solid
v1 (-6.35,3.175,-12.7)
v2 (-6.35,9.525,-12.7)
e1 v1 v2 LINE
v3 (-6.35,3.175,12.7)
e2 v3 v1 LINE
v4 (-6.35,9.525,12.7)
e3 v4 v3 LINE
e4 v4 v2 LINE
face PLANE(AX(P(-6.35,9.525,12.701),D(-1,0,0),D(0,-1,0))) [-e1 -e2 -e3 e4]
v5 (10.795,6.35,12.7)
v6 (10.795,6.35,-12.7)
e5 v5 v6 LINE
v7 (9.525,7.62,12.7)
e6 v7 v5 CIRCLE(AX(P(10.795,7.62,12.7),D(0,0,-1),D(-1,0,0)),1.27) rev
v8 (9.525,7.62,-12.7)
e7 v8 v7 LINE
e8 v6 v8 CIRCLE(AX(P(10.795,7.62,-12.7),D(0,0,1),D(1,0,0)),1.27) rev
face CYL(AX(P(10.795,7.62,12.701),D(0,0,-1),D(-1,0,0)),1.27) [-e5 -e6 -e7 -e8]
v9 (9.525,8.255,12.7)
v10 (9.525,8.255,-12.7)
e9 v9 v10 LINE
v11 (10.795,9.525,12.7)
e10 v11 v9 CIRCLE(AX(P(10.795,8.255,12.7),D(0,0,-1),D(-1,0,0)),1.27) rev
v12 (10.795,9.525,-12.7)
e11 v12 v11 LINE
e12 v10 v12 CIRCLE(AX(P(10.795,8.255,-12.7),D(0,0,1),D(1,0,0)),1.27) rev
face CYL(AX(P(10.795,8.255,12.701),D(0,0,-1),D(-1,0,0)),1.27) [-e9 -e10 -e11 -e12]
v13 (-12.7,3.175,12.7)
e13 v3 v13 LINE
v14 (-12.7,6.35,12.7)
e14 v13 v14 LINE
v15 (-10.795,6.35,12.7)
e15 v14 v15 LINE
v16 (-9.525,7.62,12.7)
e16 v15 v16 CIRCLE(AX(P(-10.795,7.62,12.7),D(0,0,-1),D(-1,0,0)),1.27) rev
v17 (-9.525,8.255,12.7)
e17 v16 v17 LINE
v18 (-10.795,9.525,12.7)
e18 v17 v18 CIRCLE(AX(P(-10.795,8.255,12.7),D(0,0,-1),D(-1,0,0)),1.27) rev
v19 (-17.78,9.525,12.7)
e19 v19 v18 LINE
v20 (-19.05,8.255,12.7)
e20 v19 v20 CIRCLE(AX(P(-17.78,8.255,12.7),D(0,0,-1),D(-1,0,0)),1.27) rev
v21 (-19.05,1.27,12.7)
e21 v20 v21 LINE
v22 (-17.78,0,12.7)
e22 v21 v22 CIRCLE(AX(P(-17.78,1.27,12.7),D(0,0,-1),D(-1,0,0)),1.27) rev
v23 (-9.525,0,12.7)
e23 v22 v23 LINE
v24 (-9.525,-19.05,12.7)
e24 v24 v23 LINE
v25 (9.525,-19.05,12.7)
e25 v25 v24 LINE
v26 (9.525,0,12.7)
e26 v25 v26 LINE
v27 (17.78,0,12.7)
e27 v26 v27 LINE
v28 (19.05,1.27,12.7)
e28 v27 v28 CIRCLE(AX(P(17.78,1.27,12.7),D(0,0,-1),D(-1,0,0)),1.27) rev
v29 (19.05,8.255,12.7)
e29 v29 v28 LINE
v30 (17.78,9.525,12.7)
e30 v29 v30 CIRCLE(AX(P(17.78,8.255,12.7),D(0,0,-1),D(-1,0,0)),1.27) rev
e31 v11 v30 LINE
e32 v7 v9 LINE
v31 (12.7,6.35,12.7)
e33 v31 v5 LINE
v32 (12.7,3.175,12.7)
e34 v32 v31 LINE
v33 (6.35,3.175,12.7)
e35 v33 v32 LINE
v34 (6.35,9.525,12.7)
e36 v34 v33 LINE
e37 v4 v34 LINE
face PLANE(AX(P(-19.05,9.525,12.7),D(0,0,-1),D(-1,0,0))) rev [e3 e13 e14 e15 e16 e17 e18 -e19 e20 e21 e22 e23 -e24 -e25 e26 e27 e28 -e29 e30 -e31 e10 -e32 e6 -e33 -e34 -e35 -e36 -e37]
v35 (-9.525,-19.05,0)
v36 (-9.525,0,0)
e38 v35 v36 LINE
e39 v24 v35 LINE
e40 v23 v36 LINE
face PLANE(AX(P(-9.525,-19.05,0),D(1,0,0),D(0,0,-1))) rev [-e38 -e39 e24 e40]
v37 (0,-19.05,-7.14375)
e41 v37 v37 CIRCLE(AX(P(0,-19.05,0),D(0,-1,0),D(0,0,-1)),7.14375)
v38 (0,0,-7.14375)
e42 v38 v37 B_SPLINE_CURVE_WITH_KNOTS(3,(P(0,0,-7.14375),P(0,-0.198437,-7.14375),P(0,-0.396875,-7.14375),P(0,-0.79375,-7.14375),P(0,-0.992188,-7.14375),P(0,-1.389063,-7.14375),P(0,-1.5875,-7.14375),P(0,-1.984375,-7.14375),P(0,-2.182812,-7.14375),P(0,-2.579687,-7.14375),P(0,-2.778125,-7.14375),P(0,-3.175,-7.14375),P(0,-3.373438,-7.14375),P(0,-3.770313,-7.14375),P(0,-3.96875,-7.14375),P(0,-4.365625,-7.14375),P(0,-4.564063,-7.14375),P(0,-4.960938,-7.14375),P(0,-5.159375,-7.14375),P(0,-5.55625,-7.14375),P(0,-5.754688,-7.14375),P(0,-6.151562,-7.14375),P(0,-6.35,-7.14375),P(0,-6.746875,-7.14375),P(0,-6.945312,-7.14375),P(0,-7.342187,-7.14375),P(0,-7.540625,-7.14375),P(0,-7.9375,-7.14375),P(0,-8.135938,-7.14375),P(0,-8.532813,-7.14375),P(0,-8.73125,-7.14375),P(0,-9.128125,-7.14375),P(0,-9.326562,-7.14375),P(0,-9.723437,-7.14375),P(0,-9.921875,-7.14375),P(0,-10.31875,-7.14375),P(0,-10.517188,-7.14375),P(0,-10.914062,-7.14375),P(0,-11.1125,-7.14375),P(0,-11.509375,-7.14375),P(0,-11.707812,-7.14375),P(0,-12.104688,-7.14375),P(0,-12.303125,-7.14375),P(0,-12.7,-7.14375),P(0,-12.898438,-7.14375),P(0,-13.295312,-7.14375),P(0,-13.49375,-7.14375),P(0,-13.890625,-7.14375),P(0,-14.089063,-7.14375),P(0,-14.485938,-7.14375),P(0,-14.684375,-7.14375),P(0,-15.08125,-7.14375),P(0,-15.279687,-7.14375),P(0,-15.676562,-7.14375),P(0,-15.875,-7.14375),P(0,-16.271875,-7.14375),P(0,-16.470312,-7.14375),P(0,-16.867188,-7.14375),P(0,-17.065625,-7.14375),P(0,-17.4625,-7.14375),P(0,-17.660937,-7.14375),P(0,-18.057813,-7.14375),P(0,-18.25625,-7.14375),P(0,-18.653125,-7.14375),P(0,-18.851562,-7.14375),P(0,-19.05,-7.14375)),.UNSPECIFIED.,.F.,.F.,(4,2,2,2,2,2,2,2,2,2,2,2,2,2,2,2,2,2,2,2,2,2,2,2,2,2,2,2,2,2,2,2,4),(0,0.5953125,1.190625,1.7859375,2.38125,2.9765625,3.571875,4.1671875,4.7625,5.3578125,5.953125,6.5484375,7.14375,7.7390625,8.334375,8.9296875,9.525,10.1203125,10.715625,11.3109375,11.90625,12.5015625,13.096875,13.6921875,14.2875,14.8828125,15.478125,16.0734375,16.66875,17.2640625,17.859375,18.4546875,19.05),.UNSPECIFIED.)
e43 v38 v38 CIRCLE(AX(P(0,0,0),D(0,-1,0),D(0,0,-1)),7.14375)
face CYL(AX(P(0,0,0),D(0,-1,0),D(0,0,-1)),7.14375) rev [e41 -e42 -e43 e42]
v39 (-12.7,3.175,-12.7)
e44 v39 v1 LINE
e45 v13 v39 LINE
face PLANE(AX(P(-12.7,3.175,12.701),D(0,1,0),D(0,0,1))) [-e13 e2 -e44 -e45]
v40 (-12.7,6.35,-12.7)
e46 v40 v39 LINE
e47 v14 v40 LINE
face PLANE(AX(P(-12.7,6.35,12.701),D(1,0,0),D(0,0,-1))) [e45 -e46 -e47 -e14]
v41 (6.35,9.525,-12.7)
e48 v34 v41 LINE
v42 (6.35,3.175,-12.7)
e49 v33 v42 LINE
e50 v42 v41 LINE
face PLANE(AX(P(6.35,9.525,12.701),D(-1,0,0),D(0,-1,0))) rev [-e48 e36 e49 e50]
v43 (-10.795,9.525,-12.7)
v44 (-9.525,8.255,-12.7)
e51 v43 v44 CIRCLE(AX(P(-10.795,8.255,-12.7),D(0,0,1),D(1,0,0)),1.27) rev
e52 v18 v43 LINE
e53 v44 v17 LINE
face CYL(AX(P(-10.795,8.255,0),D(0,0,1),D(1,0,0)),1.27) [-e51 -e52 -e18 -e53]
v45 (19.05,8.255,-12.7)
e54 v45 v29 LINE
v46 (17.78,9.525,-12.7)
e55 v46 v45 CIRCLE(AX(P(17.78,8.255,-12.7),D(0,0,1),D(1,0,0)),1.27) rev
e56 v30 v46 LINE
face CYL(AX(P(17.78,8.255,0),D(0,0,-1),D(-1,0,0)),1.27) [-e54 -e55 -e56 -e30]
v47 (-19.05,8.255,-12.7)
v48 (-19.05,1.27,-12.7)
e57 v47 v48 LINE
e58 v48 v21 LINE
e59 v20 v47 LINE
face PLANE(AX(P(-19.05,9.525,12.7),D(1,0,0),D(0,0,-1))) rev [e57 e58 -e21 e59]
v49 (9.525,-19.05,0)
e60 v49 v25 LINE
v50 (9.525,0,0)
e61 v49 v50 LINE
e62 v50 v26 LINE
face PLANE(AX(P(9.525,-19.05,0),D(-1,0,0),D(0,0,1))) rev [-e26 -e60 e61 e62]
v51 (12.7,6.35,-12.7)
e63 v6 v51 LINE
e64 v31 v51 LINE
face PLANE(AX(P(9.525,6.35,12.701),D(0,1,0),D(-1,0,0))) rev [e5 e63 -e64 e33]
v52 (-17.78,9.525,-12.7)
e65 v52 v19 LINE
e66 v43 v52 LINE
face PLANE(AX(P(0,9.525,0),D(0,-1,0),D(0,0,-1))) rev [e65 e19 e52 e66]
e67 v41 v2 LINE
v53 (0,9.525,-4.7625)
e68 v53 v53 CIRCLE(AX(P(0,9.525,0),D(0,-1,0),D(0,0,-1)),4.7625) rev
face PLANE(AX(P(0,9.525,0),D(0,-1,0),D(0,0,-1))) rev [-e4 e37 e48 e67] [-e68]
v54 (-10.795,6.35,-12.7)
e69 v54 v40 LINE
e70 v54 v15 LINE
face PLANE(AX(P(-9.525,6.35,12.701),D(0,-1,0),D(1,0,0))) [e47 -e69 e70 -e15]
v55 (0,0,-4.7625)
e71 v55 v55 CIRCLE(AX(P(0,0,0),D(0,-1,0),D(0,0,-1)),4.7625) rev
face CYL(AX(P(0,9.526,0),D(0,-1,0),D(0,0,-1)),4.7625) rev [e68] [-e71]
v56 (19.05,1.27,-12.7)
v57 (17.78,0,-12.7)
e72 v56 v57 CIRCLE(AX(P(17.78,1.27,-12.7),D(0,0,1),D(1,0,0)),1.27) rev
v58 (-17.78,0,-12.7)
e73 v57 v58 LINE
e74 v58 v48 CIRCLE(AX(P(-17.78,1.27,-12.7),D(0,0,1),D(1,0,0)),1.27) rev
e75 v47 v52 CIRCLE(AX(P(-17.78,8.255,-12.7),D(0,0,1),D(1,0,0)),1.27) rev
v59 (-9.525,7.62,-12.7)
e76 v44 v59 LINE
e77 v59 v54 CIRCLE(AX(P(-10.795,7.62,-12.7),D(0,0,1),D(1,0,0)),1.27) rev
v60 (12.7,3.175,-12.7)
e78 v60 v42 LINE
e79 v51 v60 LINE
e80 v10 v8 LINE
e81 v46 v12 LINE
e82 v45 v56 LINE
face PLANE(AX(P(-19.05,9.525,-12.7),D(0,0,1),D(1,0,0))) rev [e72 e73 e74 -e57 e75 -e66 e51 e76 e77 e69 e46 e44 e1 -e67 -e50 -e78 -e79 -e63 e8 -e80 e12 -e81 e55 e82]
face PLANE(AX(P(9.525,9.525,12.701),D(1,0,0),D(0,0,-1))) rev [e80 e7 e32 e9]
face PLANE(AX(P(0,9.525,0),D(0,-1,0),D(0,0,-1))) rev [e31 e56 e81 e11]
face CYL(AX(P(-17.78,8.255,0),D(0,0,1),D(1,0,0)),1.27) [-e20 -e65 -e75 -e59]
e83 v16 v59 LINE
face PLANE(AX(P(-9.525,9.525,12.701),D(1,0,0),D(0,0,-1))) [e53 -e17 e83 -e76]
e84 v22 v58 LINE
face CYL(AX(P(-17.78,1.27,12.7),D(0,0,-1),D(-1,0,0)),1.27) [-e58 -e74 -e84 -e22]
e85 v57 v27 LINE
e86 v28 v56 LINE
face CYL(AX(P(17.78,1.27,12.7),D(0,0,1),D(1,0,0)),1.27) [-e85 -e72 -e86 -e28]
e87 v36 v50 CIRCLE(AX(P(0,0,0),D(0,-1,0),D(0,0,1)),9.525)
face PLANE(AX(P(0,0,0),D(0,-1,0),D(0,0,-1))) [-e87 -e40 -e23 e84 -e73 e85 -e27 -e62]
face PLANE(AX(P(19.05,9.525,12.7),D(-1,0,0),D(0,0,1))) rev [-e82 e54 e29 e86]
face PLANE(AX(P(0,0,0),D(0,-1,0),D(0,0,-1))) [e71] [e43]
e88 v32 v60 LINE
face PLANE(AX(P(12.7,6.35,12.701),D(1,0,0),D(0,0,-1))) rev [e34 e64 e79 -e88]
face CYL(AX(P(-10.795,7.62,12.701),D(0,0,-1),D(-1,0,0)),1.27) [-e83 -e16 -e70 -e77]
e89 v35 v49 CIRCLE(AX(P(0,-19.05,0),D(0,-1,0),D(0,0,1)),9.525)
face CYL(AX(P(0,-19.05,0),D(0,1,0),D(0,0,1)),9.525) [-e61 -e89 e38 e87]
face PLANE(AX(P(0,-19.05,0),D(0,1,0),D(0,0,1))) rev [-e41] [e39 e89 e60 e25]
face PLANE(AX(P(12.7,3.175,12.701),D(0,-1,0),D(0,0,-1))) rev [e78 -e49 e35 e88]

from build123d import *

# Parameters (mm, degrees)
SKETCH1_W           = 38.1
SKETCH1_H           = 25.4
BOSS_EXTRUDE1_DEPTH = 9.525
CUT_EXTRUDE1_REACH  = 35.148
BOSS_EXTRUDE2_DEPTH = 19.05
CUT_EXTRUDE3_REACH  = 38.616
SKETCH5_R           = 4.7625
SKETCH4_R           = 7.14375
CUT_EXTRUDE2_DEPTH  = 19.05
FILLET2_R           = 1.27


with BuildPart() as part:
    # Sketch1 → Boss-Extrude1 (new body)
    with BuildSketch(Plane(origin=(0, 0, 0), x_dir=(1, 0, 0), z_dir=(0, 1, 0))):
        Rectangle(SKETCH1_W, SKETCH1_H)
    extrude(amount=BOSS_EXTRUDE1_DEPTH)

    # Sketch2 → Cut-Extrude1 (cut, up to next)
    with BuildSketch(Plane(origin=(0, 0, -12.7), x_dir=(-1, 0, 0), z_dir=(0, 0, -1)), mode=Mode.PRIVATE) as cut_extrude1_sk1:
        Polygon((-9.525, 9.525), (-9.525, 6.35), (-12.7, 6.35), (-12.7, 3.175), (-6.35, 3.175), (-6.35, 9.525), align=None)
    cut_extrude1_tool1 = extrude(cut_extrude1_sk1.sketch, amount=-CUT_EXTRUDE1_REACH, mode=Mode.PRIVATE) & part.part
    cut_extrude1 = cut_extrude1_tool1.solids().sort_by_distance((8.995833, 5.820833, -12.7))[0]
    add(cut_extrude1, mode=Mode.SUBTRACT)

    # Mirror1: Cut-Extrude1 across plane
    add(cut_extrude1.mirror(Plane(origin=(0, 0, 0), x_dir=(0, 0, 1), z_dir=(1, 0, 0))), mode=Mode.SUBTRACT)

    # Sketch3 → Boss-Extrude2 (add)
    with BuildSketch(Plane.XZ):
        with BuildLine():
            Line((9.525, 0), (9.525, 12.7))
            Line((9.525, 12.7), (-9.525, 12.7))
            Line((-9.525, 12.7), (-9.525, 0))
            ThreePointArc((-9.525, 0), (0, -9.525), (9.525, 0))
        make_face()
    extrude(amount=BOSS_EXTRUDE2_DEPTH)

    # Sketch5 → Cut-Extrude3 (cut, up to next)
    with BuildSketch(Plane(origin=(0, -19.05, 0), x_dir=(-1, 0, 0), z_dir=(0, -1, 0)), mode=Mode.PRIVATE) as cut_extrude3_sk1:
        with Locations(Location((0, 0, 0), (0, 0, 90))):
            Circle(SKETCH5_R)
    cut_extrude3_tool1 = extrude(cut_extrude3_sk1.sketch, amount=-CUT_EXTRUDE3_REACH, mode=Mode.PRIVATE) & part.part
    add(cut_extrude3_tool1.solids().sort_by_distance((0, -19.05, 0))[0], mode=Mode.SUBTRACT)

    # Sketch4 → Cut-Extrude2 (cut)
    with BuildSketch(Plane.XZ.offset(19.05)):
        with Locations(Location((0, 0, 0), (0, 0, 270))):
            Circle(SKETCH4_R)
    extrude(amount=-CUT_EXTRUDE2_DEPTH, mode=Mode.SUBTRACT)

    # Fillet2
    fillet2_edges = [part.edges().sort_by_distance(p)[0] for p in [
        (19.05, 0, 0),
        (-19.05, 0, 0),
        (-19.05, 9.525, 0),
        (19.05, 9.525, 0),
        (9.525, 6.35, 0),
        (9.525, 9.525, 0),
        (-9.525, 6.35, 0),
        (-9.525, 9.525, 0),
    ]]
    fillet(fillet2_edges, radius=FILLET2_R)


solid = part.part
